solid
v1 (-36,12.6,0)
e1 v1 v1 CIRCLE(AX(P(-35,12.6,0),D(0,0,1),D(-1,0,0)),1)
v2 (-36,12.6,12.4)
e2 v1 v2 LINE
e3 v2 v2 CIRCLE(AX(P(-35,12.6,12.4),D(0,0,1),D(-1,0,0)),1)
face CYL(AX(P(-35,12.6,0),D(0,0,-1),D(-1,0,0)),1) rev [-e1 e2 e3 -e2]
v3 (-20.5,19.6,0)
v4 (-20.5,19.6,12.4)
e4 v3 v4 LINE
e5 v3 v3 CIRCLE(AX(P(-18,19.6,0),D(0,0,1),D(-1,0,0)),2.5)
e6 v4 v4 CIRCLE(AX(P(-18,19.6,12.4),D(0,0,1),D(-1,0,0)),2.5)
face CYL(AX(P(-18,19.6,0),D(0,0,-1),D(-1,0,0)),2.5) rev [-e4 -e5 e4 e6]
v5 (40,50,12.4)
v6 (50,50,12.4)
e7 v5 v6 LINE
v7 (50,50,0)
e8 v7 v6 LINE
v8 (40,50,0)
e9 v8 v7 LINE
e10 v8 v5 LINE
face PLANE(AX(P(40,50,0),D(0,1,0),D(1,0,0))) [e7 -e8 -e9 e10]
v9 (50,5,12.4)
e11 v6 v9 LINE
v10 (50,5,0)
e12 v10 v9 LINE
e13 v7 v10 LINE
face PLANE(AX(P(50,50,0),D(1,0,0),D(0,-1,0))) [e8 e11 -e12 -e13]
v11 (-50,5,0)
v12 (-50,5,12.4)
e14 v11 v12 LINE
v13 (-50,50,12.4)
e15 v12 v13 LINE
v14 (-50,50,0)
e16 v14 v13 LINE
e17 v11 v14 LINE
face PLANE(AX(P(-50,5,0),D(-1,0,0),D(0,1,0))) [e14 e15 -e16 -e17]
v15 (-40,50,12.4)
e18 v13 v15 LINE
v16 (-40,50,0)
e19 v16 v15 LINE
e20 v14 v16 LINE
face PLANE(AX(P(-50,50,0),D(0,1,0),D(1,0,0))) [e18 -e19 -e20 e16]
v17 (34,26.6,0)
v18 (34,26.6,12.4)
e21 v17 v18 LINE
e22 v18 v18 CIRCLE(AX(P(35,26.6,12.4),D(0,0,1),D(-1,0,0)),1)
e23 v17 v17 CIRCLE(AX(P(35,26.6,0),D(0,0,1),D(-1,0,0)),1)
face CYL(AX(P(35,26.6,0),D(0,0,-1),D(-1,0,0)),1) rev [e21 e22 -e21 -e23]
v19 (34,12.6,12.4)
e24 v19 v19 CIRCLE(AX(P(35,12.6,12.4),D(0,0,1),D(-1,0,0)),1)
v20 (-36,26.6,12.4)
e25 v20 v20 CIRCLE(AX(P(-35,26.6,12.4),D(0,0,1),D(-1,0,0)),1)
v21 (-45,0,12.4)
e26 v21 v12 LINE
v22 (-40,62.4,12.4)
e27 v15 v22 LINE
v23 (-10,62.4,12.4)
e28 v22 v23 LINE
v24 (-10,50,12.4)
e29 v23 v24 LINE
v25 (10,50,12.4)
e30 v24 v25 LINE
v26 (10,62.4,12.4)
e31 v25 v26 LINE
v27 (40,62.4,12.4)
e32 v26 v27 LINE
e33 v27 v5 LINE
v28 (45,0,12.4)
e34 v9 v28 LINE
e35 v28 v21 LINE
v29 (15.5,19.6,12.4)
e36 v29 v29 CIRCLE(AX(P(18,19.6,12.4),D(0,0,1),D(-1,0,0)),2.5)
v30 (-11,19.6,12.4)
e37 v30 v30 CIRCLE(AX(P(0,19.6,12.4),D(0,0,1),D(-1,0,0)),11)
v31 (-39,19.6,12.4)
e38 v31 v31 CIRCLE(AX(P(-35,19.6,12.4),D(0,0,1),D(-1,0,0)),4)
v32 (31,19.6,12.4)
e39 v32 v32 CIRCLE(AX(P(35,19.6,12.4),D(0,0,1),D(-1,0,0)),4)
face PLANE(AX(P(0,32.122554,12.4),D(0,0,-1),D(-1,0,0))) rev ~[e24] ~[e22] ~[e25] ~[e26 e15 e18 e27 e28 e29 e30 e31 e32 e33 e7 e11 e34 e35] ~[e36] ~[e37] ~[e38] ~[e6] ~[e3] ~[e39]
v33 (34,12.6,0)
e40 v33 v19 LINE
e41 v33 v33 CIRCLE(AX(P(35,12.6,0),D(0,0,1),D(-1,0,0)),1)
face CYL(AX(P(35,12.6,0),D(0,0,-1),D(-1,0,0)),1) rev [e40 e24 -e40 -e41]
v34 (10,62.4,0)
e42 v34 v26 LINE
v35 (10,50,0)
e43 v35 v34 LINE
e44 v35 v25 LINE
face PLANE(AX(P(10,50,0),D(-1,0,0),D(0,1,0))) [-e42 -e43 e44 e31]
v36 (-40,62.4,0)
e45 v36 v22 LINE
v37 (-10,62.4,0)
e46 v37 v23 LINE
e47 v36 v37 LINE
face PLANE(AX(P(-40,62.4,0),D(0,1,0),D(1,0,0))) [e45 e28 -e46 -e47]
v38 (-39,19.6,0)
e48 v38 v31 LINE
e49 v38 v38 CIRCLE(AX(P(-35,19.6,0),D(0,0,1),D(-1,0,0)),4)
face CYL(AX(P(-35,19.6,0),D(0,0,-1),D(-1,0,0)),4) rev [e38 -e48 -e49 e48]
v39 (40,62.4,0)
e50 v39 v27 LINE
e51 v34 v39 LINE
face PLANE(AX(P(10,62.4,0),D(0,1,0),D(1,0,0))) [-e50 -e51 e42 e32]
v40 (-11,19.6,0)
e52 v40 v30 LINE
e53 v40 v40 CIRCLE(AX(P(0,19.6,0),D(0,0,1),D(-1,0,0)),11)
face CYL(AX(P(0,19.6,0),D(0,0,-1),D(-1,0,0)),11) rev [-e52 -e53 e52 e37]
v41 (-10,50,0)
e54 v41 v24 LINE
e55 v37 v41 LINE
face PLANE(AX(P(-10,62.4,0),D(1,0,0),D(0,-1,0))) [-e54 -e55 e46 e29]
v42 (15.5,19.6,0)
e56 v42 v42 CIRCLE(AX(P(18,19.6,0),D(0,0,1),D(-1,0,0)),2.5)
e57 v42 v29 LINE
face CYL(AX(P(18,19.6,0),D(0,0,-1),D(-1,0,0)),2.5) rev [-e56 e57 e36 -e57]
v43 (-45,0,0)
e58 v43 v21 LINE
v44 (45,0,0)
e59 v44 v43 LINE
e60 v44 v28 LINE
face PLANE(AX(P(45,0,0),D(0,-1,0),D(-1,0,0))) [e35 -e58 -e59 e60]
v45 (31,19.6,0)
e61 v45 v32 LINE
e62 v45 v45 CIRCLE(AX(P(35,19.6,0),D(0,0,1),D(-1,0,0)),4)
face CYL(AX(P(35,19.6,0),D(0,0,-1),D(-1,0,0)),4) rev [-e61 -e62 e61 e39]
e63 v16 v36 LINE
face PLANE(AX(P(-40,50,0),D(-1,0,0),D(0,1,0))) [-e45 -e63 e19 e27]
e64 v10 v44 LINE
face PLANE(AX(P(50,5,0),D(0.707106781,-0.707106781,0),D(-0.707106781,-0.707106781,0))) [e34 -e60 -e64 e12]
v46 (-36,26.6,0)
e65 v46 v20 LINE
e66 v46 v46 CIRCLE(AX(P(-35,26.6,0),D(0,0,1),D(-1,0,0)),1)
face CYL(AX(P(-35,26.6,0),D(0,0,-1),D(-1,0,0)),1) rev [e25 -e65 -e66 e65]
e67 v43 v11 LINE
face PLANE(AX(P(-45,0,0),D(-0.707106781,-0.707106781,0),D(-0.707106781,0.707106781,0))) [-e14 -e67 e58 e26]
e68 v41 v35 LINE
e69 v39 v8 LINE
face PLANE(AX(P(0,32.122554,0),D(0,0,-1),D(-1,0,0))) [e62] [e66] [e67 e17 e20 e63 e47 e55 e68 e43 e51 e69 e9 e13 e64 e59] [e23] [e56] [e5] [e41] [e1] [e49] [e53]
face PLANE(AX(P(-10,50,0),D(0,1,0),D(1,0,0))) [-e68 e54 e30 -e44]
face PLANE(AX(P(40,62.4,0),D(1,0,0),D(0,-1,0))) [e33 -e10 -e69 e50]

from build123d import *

# Parameters (mm, degrees)
MODEL_R             = 11
MODEL_R_2           = 4
MODEL_R_3           = 1
MODEL_R_4           = 2.5
BOSS_EXTRUDE1_DEPTH = 12.4


with BuildPart() as part:
    # Model → Boss-Extrude1 (new body)
    with BuildSketch(Plane.XY):
        Polygon((-45, 0), (-50, 5), (-50, 50), (-40, 50), (-40, 62.4), (-10, 62.4), (-10, 50), (10, 50), (10, 62.4), (40, 62.4), (40, 50), (50, 50), (50, 5), (45, 0), align=None)
        with Locations(Location((0, 19.6, 0), (0, 0, 180))):
            Circle(MODEL_R, mode=Mode.SUBTRACT)
        with Locations(Location((-35, 19.6, 0), (0, 0, 180))):
            Circle(MODEL_R_2, mode=Mode.SUBTRACT)
        with Locations(Location((35, 19.6, 0), (0, 0, 180))):
            Circle(MODEL_R_2, mode=Mode.SUBTRACT)
        with Locations(Location((-35, 26.6, 0), (0, 0, 180))):
            Circle(MODEL_R_3, mode=Mode.SUBTRACT)
        with Locations(Location((-35, 12.6, 0), (0, 0, 180))):
            Circle(MODEL_R_3, mode=Mode.SUBTRACT)
        with Locations(Location((35, 12.6, 0), (0, 0, 180))):
            Circle(MODEL_R_3, mode=Mode.SUBTRACT)
        with Locations(Location((35, 26.6, 0), (0, 0, 180))):
            Circle(MODEL_R_3, mode=Mode.SUBTRACT)
        with Locations(Location((-18, 19.6, 0), (0, 0, 180))):
            Circle(MODEL_R_4, mode=Mode.SUBTRACT)
        with Locations(Location((18, 19.6, 0), (0, 0, 180))):
            Circle(MODEL_R_4, mode=Mode.SUBTRACT)
    extrude(amount=BOSS_EXTRUDE1_DEPTH)


solid = part.part
